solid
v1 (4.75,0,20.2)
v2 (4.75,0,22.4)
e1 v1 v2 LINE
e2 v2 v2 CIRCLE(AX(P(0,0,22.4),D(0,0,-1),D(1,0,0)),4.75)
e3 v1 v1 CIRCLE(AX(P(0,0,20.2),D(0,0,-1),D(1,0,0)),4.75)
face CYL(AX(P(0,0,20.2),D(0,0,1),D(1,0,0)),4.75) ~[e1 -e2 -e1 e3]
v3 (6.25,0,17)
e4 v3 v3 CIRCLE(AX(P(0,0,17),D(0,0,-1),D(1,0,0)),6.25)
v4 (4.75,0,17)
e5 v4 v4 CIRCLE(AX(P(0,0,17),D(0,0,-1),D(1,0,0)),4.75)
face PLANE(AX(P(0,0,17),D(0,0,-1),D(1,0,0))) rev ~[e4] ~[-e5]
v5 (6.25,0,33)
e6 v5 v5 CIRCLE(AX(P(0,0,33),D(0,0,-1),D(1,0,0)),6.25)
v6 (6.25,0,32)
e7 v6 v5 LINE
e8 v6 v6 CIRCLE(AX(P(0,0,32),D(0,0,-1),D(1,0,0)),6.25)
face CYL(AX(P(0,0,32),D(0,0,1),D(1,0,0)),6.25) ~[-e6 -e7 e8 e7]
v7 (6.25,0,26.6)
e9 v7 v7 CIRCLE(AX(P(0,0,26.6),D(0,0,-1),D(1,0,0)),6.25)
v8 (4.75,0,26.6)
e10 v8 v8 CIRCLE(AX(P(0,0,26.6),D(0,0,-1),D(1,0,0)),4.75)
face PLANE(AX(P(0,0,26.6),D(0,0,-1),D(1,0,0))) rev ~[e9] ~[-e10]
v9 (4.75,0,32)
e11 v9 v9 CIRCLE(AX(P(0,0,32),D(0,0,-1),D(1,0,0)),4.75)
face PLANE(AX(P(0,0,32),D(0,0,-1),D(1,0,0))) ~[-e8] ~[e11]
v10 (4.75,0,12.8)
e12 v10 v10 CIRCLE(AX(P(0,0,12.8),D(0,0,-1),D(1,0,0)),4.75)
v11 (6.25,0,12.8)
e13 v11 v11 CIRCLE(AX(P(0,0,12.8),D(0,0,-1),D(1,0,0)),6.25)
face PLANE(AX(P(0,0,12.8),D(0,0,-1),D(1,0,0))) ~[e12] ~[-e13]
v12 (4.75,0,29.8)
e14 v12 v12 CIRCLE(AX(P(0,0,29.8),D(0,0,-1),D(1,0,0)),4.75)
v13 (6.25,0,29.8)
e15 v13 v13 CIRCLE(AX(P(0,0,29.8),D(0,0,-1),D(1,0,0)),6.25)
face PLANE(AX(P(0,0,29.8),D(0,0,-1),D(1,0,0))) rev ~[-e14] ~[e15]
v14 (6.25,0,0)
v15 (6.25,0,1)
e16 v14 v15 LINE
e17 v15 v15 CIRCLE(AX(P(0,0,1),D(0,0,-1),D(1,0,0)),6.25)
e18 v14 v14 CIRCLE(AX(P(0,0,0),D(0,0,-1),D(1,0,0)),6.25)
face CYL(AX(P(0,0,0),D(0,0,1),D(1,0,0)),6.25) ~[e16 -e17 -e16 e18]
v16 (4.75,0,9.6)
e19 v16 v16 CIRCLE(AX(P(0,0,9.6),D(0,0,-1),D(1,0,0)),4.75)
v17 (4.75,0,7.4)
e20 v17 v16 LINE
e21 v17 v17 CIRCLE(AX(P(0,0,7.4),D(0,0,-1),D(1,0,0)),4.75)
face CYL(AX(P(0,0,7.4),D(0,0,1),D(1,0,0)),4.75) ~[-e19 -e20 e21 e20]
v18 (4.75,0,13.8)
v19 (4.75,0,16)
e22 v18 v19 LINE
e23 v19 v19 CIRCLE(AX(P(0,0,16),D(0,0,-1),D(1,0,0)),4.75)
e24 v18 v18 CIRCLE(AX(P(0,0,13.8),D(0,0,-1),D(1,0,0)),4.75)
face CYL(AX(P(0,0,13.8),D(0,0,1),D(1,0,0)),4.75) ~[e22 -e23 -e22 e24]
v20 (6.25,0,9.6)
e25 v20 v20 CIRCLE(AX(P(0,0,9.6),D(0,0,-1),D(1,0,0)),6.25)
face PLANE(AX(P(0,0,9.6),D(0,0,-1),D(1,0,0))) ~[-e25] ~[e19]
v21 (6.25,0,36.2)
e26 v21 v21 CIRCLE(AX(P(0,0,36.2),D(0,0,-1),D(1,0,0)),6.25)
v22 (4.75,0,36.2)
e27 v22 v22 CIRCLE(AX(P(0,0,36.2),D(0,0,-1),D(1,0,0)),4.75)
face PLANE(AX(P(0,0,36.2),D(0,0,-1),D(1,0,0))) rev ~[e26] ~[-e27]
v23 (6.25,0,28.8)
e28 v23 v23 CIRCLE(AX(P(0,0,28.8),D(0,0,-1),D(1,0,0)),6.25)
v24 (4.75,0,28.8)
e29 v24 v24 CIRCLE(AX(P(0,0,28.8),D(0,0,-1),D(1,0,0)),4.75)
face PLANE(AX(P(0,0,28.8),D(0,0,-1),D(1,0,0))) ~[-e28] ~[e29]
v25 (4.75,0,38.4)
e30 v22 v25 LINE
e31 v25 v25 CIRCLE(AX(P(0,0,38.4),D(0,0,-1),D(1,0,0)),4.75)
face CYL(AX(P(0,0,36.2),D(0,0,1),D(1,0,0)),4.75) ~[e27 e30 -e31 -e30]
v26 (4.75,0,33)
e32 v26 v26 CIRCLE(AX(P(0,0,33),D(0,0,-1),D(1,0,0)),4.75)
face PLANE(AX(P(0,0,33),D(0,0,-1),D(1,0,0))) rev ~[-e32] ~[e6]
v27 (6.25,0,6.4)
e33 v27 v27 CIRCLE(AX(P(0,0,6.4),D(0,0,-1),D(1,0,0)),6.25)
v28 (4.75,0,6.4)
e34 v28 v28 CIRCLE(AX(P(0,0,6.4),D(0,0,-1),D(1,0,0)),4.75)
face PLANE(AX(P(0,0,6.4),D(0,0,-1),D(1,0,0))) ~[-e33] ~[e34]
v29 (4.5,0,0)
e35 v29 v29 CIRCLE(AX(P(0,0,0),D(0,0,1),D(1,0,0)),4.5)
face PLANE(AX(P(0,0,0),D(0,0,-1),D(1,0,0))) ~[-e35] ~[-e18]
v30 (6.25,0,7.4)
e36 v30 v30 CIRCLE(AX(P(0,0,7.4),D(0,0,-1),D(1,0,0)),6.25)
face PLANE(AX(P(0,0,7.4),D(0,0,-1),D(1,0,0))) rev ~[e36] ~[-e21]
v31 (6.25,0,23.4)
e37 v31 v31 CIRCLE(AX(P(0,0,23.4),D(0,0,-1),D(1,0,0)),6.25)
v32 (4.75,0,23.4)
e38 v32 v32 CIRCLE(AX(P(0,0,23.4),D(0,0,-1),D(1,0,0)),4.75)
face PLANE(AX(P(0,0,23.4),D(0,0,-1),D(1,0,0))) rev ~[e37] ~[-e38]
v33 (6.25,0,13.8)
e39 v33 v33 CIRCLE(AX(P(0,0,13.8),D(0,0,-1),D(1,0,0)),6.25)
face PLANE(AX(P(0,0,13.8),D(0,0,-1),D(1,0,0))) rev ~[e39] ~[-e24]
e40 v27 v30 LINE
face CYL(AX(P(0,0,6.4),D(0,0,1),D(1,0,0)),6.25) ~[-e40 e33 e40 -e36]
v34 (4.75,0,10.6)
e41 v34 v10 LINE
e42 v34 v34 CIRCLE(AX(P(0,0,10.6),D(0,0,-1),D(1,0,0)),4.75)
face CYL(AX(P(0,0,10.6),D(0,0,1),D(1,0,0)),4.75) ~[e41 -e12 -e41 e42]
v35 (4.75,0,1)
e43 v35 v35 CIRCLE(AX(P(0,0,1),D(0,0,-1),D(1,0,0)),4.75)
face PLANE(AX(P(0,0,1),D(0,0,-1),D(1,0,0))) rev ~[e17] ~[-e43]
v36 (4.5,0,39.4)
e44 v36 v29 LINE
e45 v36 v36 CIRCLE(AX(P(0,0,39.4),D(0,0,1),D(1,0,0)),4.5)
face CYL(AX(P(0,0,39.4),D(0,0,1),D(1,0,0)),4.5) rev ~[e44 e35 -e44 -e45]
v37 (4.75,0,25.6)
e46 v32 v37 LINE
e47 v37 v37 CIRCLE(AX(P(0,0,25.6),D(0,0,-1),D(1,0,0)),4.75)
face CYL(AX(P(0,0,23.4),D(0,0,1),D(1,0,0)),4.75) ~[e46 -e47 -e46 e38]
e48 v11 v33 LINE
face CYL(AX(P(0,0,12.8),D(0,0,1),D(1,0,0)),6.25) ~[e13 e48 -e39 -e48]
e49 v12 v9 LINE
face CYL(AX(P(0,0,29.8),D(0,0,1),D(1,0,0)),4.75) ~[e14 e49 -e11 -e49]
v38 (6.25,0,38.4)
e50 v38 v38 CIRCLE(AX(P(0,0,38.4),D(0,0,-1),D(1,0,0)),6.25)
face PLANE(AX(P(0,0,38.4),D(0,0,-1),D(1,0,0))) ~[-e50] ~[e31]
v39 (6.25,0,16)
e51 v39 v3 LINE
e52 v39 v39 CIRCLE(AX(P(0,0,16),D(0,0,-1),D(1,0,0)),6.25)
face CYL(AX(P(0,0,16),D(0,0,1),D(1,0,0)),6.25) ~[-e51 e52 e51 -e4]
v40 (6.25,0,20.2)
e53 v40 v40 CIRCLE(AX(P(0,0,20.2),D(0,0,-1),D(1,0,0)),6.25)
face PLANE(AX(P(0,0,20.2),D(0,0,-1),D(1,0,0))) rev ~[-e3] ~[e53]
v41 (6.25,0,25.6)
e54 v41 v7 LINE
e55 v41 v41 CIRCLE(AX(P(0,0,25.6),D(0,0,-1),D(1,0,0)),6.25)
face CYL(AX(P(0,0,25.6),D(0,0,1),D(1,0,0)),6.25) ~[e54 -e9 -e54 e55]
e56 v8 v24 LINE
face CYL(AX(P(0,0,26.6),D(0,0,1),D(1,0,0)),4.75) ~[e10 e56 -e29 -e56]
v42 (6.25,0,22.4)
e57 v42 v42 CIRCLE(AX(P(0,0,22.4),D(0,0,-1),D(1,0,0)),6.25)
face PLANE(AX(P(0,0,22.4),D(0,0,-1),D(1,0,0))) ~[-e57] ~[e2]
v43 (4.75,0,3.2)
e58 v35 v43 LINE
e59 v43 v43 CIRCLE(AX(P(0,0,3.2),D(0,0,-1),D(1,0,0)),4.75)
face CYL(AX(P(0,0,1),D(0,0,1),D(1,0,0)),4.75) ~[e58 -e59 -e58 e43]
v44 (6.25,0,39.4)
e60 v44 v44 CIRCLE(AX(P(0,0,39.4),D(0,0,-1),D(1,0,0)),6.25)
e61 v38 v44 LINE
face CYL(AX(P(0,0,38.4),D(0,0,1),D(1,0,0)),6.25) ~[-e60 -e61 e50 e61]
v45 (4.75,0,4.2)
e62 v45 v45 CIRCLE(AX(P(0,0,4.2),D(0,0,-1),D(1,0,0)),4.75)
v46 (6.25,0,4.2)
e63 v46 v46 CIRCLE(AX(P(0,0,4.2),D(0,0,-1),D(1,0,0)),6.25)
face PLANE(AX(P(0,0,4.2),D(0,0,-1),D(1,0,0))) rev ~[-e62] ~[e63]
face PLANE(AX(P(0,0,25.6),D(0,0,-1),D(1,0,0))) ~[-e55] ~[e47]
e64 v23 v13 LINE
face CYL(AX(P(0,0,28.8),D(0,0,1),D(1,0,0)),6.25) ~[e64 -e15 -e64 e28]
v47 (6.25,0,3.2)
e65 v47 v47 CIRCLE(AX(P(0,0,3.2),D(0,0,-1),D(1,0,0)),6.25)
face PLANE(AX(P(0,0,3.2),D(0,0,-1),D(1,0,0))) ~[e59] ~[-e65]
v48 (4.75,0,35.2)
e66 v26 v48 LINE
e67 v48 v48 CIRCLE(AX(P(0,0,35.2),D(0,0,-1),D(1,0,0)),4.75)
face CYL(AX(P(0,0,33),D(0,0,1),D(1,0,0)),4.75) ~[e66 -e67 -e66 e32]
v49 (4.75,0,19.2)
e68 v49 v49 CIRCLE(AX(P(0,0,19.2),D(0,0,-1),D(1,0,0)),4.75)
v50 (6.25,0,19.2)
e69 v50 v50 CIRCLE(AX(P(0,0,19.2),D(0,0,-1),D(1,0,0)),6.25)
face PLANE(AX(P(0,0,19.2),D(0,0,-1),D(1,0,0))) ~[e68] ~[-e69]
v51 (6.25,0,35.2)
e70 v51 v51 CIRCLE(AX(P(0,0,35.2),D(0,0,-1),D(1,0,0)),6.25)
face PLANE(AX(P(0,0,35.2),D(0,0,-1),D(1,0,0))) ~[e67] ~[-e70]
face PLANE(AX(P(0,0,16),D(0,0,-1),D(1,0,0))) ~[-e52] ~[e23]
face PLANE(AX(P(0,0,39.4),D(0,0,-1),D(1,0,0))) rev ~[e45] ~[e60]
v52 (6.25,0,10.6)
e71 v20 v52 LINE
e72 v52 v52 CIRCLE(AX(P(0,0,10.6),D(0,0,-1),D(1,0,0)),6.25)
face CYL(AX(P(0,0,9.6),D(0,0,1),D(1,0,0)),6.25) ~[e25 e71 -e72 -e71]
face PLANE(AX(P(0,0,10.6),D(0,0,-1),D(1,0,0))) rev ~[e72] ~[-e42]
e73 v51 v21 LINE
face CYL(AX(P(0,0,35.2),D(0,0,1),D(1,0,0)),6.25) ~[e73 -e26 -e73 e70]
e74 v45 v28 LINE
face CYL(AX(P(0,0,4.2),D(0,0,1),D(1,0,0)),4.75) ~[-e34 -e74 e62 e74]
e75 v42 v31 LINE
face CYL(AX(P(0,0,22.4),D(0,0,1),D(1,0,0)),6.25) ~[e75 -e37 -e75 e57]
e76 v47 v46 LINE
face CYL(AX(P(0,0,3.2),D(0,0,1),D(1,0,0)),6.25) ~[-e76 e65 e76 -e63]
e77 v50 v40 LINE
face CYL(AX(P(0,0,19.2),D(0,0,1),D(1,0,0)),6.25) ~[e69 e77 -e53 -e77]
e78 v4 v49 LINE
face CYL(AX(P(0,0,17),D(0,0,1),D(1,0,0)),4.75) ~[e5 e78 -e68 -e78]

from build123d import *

# Parameters (mm, degrees)
F2_R     = 4.5
F3_DEPTH = 39.4


with BuildPart() as f1:
    # F0 (on Front) → F1 (revolve)
    with BuildSketch(Plane.XZ):
        Polygon((0, 0), (6.25, 0), (6.25, 1), (4.75, 1), (4.75, 3.2), (6.25, 3.2), (6.25, 4.2), (4.75, 4.2), (4.75, 6.4), (6.25, 6.4), (6.25, 7.4), (4.75, 7.4), (4.75, 9.6), (6.25, 9.6), (6.25, 10.6), (4.75, 10.6), (4.75, 12.8), (6.25, 12.8), (6.25, 13.8), (4.75, 13.8), (4.75, 16), (6.25, 16), (6.25, 17), (4.75, 17), (4.75, 19.2), (6.25, 19.2), (6.25, 20.2), (4.75, 20.2), (4.75, 22.4), (6.25, 22.4), (6.25, 23.4), (4.75, 23.4), (4.75, 25.6), (6.25, 25.6), (6.25, 26.6), (4.75, 26.6), (4.75, 28.8), (6.25, 28.8), (6.25, 29.8), (4.75, 29.8), (4.75, 32), (6.25, 32), (6.25, 33), (4.75, 33), (4.75, 35.2), (6.25, 35.2), (6.25, 36.2), (4.75, 36.2), (4.75, 38.4), (6.25, 38.4), (6.25, 39.4), (4.75, 39.4), (0, 39.4), align=None)
    revolve(axis=Axis((0, 0, 19.7), (0, 0, -1)))

    # F2 (on face) → F3 (cut, through all)
    with BuildSketch(Plane.XY.offset(39.4)):
        Circle(F2_R)
    extrude(amount=-F3_DEPTH, mode=Mode.SUBTRACT)


solid = f1.part
